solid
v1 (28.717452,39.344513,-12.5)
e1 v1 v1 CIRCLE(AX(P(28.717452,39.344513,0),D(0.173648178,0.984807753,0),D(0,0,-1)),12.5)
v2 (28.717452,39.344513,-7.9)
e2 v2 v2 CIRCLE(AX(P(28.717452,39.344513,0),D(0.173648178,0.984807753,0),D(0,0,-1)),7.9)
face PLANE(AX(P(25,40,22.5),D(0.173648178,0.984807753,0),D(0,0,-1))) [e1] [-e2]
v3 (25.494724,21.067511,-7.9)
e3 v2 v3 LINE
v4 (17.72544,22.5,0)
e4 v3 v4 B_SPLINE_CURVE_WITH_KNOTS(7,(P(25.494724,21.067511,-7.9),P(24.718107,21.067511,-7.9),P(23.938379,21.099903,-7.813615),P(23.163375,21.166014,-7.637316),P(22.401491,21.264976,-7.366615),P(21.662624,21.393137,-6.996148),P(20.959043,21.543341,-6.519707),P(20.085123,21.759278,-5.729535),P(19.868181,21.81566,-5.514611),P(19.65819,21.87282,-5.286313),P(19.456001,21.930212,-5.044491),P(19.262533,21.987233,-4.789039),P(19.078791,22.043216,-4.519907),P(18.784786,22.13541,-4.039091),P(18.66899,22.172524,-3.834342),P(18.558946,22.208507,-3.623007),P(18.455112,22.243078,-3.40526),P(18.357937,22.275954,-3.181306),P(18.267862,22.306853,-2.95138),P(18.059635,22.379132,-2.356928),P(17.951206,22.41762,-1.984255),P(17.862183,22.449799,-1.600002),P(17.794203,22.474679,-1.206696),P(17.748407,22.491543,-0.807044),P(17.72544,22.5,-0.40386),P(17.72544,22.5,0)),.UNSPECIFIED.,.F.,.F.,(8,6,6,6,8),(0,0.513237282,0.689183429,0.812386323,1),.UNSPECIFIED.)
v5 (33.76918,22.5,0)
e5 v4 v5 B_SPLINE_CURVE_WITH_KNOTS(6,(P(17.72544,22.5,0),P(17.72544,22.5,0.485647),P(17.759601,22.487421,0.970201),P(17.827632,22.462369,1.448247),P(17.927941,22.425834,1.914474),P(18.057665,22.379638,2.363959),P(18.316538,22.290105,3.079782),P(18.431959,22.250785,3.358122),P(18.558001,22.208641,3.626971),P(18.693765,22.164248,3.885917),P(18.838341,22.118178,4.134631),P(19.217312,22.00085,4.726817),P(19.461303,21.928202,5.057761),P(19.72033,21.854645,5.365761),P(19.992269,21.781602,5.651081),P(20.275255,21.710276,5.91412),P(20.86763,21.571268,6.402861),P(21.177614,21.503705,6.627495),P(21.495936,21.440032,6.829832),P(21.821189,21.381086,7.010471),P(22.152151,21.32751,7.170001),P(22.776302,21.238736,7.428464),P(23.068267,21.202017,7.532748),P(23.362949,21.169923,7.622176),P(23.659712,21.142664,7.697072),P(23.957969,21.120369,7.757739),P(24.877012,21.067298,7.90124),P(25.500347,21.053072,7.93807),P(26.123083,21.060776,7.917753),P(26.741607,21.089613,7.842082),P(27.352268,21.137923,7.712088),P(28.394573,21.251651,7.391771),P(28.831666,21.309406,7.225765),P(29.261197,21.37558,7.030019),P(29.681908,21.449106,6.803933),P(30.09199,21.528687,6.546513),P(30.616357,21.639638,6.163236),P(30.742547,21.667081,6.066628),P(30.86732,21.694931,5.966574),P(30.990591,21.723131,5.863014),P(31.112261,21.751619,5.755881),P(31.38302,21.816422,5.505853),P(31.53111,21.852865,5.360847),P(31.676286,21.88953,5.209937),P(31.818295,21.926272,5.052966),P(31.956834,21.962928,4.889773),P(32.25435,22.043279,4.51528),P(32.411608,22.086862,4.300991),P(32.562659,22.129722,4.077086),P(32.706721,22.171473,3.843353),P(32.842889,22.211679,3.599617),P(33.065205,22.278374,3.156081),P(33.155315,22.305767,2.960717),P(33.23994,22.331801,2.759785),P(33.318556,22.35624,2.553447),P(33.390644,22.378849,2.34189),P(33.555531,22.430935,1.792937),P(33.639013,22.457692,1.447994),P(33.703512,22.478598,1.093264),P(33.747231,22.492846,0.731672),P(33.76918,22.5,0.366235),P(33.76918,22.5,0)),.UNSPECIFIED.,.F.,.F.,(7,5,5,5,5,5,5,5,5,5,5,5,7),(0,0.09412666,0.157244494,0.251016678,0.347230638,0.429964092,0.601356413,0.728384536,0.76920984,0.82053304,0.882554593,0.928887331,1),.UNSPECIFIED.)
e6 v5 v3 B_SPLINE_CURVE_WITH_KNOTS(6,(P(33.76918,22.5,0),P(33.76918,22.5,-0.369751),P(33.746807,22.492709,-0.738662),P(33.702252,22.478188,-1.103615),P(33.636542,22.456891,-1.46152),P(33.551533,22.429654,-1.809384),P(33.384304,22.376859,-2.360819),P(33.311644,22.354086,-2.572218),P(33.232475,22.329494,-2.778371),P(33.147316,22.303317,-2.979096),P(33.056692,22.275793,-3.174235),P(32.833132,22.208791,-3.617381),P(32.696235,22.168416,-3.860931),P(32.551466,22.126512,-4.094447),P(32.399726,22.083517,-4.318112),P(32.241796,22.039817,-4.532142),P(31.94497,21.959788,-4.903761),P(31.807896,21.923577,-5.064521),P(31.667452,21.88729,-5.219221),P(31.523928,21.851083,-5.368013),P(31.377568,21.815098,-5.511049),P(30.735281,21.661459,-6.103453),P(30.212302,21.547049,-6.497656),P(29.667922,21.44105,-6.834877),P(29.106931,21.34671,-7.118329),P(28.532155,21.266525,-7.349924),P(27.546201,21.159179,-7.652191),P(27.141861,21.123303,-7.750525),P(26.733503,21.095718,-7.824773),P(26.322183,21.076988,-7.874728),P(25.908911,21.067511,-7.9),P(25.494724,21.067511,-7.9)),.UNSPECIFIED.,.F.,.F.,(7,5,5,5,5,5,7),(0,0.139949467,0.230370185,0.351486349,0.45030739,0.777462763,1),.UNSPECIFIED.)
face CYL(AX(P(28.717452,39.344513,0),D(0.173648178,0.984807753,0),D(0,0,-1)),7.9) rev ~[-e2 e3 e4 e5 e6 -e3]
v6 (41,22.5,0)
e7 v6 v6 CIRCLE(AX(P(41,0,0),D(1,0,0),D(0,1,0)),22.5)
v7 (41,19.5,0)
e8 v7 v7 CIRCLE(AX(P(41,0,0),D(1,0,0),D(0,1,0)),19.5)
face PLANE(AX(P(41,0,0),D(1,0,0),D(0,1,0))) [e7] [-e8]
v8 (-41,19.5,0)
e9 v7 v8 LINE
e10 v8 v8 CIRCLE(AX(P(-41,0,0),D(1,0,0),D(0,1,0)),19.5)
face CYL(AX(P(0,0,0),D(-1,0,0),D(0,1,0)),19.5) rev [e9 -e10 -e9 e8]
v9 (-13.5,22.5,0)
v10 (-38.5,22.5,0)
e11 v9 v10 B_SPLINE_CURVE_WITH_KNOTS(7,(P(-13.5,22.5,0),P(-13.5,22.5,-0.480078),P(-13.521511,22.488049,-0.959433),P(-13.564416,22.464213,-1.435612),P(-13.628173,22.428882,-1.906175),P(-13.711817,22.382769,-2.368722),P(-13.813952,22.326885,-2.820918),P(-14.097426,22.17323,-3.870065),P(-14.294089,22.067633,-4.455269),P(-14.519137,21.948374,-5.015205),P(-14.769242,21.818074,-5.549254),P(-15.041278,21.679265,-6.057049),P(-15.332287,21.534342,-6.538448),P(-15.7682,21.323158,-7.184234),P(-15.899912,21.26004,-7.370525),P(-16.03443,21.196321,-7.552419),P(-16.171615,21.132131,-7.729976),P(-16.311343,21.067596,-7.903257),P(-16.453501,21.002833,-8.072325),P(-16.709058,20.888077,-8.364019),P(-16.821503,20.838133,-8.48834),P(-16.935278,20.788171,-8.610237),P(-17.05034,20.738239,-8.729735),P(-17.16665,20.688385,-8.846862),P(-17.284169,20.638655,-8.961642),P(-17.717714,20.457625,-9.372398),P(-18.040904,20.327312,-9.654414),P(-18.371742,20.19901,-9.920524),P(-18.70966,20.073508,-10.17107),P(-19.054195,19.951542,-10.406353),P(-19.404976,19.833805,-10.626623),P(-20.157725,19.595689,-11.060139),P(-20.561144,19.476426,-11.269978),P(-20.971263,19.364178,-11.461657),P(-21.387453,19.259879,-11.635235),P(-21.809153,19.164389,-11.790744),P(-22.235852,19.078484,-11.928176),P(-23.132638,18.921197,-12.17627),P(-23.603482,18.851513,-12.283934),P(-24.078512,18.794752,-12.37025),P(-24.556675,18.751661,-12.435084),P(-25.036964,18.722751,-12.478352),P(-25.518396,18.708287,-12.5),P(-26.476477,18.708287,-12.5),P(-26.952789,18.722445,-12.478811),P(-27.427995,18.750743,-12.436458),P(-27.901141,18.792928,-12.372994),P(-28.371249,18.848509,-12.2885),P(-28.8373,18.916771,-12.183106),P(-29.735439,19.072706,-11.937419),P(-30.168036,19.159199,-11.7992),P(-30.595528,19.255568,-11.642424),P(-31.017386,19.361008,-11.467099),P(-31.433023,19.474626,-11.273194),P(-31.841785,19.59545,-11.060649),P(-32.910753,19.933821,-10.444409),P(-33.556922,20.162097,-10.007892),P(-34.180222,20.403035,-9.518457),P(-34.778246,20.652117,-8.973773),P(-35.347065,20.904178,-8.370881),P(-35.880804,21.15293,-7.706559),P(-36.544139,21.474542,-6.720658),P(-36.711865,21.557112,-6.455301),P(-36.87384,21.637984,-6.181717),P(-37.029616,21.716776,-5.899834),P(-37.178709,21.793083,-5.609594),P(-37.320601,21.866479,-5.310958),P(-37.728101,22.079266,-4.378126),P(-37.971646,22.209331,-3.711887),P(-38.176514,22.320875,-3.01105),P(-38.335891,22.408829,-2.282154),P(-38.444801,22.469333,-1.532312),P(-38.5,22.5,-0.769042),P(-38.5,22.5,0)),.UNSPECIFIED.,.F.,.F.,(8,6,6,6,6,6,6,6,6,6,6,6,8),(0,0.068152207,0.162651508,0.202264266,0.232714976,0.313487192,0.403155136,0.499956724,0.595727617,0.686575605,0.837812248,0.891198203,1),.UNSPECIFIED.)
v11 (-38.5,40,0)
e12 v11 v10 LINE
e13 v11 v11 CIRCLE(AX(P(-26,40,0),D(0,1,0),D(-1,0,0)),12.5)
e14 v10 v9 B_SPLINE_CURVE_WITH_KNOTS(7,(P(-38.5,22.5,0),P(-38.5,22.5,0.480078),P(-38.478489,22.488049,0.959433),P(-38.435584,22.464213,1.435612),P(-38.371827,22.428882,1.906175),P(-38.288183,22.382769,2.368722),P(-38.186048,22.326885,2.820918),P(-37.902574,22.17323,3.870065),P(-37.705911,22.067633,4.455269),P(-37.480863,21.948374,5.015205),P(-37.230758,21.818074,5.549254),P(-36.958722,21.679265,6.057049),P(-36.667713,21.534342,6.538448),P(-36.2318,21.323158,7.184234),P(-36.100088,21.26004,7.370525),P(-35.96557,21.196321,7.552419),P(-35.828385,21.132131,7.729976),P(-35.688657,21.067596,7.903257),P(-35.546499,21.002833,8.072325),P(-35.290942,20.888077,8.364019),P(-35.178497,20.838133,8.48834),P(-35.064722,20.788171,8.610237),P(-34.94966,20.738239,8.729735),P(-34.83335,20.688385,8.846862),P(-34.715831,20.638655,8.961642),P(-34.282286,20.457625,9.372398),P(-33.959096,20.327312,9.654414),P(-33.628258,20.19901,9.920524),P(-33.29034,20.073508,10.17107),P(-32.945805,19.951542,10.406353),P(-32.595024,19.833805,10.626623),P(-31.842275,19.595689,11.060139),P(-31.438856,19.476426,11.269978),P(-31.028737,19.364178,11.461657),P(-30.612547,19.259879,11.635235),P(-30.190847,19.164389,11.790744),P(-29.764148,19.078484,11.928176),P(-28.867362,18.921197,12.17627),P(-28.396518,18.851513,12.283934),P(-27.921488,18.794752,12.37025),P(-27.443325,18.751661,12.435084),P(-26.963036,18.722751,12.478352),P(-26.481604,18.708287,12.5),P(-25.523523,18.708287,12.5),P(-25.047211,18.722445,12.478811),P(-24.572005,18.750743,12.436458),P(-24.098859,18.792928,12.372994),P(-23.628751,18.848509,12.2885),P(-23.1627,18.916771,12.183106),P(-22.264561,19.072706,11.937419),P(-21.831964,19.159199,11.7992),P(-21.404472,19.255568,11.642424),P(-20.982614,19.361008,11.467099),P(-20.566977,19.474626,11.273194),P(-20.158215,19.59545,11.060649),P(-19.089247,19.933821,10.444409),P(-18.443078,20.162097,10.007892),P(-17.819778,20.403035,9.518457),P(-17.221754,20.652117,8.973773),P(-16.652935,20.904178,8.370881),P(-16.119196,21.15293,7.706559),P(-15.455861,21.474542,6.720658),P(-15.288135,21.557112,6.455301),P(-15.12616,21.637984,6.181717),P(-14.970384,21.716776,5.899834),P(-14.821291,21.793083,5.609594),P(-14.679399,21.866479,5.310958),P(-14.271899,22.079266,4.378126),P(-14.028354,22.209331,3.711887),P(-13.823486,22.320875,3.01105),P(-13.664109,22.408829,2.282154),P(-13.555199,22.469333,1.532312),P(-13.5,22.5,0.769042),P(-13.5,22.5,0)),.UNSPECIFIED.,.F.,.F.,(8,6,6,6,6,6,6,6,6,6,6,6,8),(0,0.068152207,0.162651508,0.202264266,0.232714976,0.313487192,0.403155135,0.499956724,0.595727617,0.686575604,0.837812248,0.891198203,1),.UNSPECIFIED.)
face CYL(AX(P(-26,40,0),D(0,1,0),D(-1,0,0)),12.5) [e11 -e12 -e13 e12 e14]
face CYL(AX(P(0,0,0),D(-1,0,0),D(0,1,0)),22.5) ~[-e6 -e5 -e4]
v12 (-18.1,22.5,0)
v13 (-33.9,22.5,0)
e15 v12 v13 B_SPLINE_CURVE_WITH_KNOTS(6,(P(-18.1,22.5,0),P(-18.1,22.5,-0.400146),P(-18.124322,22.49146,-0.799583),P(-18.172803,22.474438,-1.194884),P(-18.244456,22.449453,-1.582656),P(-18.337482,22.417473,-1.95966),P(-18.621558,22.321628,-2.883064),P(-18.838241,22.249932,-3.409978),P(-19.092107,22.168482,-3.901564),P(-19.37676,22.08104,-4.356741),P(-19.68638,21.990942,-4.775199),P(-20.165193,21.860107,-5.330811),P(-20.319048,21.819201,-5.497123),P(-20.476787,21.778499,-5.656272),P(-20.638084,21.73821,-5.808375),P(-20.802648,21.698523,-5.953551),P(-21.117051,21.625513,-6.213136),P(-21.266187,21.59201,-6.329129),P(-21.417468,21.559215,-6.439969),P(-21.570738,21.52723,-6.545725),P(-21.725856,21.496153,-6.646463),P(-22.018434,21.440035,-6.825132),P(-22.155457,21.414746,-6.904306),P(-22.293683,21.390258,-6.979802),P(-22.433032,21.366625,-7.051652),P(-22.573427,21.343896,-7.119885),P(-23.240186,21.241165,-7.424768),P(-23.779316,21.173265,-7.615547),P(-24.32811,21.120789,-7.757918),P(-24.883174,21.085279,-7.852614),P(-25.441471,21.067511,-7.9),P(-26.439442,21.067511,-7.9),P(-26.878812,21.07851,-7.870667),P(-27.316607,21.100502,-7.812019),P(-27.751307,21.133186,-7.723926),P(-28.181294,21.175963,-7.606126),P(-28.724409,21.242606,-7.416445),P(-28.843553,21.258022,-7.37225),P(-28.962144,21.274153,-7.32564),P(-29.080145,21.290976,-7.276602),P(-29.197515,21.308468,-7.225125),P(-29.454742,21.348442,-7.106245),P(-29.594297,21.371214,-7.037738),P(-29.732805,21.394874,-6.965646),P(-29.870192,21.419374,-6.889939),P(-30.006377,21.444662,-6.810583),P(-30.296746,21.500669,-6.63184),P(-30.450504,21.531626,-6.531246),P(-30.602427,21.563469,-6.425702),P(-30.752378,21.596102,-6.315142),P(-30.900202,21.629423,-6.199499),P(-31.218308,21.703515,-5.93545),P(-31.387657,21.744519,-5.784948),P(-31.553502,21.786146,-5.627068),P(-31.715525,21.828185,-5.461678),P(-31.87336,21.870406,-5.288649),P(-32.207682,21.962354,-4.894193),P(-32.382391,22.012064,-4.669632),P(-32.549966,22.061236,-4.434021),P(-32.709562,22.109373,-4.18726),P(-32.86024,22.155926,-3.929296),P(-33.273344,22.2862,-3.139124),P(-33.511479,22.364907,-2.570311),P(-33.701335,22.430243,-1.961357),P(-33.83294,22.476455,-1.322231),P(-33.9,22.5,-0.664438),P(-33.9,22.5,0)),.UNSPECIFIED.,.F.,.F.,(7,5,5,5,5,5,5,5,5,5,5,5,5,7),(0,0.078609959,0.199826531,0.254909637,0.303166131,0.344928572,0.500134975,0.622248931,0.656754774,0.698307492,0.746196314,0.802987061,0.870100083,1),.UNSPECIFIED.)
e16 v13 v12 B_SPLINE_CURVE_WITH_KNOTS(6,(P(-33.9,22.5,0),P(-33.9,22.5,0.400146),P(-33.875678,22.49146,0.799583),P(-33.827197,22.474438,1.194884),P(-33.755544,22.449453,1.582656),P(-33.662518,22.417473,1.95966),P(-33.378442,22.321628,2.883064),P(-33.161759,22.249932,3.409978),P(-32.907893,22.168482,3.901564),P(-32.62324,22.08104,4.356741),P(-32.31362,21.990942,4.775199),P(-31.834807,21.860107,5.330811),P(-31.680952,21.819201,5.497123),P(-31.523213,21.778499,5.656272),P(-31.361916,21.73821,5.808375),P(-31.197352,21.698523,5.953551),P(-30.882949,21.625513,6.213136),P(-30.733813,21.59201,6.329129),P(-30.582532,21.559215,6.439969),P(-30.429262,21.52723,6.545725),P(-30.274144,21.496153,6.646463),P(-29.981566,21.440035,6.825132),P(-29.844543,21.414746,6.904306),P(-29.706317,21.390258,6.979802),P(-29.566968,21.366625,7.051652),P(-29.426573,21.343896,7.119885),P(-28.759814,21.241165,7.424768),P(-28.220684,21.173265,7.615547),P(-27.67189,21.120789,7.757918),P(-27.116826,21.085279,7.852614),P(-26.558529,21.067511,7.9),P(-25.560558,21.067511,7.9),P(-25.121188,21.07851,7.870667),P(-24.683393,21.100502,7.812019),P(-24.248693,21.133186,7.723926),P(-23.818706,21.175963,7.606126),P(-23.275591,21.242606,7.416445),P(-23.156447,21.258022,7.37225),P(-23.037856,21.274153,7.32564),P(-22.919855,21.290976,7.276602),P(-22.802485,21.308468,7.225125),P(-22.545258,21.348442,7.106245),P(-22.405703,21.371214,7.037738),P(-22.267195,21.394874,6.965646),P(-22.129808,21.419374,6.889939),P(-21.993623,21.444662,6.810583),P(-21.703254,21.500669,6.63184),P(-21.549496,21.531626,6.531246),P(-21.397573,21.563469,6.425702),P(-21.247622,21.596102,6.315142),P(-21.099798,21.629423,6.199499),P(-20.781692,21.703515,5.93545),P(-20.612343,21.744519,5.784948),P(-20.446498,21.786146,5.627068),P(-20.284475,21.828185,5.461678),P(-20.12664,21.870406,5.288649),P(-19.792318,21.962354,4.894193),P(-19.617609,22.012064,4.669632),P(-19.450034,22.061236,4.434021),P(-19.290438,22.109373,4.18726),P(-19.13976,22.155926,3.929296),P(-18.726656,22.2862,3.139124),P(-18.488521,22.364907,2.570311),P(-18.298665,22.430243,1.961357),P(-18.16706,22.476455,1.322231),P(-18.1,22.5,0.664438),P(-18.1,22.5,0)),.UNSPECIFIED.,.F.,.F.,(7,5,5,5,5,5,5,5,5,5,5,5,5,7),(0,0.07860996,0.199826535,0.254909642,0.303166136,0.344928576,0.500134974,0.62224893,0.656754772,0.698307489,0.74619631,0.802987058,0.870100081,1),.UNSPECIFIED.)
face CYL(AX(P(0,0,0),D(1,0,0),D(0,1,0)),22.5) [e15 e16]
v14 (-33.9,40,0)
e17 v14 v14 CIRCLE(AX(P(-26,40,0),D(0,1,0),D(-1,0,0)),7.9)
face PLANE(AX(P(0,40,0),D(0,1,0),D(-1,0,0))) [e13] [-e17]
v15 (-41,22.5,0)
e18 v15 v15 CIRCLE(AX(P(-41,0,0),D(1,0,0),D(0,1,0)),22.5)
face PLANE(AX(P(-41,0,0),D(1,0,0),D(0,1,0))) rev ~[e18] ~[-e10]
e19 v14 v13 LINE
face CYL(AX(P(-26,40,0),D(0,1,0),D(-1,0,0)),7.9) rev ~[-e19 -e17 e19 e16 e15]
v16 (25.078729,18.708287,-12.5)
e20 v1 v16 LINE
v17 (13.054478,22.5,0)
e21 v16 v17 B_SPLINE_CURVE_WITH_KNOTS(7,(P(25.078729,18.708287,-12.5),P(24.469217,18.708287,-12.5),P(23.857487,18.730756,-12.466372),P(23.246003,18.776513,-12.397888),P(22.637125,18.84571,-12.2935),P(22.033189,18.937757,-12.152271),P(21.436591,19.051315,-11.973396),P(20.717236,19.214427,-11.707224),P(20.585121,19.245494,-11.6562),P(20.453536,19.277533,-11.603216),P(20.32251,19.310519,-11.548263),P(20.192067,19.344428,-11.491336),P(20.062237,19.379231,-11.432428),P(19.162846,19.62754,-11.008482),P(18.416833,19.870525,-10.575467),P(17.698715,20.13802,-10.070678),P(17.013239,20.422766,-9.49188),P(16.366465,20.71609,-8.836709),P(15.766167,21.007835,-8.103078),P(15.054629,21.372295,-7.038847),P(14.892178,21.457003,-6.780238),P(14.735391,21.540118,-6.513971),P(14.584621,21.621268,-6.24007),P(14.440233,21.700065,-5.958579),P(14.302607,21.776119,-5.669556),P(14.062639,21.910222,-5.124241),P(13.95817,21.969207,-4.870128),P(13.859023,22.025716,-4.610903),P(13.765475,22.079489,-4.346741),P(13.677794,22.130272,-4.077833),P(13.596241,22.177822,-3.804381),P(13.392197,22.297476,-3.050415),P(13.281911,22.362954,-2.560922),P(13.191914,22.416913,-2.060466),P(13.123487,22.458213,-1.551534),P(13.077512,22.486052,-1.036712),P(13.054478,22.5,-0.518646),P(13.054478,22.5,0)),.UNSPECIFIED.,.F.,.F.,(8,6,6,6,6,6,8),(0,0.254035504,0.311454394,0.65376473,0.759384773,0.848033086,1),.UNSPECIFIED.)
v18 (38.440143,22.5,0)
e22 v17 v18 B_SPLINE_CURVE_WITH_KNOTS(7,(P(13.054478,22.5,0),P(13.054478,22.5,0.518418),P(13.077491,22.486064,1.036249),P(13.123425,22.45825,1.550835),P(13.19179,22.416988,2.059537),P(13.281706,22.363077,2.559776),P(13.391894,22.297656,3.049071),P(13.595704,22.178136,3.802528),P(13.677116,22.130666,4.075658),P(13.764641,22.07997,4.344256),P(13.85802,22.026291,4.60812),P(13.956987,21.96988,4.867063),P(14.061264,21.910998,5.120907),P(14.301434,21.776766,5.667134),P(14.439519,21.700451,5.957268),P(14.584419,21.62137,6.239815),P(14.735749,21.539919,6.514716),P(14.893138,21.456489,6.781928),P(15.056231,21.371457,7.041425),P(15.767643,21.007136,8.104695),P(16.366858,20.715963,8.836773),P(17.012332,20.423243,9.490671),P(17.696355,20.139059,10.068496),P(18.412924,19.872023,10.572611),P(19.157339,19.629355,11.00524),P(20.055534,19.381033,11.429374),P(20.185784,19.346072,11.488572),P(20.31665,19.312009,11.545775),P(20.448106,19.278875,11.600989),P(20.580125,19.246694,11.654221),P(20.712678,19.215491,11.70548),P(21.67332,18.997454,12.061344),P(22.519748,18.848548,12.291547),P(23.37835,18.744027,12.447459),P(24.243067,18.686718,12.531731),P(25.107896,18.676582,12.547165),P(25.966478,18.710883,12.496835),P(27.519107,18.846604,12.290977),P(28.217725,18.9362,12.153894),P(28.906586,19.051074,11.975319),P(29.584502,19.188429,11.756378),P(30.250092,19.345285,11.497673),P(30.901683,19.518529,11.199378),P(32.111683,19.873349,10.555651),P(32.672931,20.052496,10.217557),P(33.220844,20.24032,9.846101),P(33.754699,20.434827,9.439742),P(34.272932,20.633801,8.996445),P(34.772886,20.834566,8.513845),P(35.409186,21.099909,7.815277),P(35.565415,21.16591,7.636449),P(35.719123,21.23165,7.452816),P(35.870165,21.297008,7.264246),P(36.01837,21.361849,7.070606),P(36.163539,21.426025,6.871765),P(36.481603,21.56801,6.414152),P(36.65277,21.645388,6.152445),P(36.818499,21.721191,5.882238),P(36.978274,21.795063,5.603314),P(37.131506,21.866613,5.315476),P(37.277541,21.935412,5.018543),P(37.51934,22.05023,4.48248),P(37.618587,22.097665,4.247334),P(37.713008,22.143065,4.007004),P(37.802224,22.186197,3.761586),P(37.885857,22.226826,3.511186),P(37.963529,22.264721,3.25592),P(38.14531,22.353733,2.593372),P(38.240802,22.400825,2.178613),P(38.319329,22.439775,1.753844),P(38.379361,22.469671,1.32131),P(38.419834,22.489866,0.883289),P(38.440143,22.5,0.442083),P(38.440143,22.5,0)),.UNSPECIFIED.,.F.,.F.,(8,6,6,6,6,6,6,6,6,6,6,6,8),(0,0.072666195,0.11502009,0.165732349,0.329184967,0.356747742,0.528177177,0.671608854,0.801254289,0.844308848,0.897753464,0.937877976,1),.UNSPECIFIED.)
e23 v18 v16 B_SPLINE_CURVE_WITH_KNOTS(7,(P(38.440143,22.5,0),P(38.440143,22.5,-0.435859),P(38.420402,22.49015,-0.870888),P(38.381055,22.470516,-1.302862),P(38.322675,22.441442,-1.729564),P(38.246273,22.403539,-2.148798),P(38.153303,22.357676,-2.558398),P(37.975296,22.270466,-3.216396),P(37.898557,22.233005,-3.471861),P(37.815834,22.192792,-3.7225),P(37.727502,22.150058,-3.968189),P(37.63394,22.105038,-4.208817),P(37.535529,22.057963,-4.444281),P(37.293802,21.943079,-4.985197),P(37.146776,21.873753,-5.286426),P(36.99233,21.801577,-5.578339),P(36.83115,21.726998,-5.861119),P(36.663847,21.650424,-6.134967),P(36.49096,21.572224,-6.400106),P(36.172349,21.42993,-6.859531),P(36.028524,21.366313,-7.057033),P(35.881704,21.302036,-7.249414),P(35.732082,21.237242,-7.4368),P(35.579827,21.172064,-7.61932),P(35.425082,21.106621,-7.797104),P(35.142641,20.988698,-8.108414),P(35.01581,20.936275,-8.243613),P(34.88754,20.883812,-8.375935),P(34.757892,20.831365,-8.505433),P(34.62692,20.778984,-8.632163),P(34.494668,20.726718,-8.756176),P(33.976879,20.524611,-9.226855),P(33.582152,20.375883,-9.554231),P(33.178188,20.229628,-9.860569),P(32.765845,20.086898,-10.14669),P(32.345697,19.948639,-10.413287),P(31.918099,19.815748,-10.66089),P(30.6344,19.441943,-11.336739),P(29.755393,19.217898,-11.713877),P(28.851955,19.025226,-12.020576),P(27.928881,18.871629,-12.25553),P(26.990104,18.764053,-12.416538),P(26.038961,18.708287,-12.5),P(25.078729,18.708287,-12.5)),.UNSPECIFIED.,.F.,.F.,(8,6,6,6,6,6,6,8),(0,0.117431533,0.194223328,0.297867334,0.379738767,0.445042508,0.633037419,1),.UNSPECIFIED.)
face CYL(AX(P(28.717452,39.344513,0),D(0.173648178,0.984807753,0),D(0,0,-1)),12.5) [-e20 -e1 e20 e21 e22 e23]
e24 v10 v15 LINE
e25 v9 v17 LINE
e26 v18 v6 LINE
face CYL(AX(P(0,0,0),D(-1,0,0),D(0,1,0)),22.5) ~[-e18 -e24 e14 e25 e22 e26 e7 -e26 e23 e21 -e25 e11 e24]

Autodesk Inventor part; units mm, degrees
ref_plane "YZ Plane" through (0, 0, 0) normal (1, 0, 0) x (0, 1, 0)
sketch "Sketch1" plane through (0, 0, 0) normal (1, 0, 0) x (0, 1, 0)
  circle A0 centre (0, 0) radius 19.5
  circle A1 centre (0, 0) radius 22.5
  dimension "d0" = 39
  dimension "d1" = 45
extrude "Extrusion1" add sketch "Sketch1" along normal mid plane 82
ref_plane "Work Plane1" through (0, 40, 0) normal (0, 1, 0) x (-1, 0, 0)
sketch "Sketch2" plane through (0, 40, 0) normal (0, 1, 0) x (-1, 0, 0)
  circle A0 centre (26, 0) radius 12.5
  circle A1 centre (26, 0) radius 7.9
  line L0 (41, -22.5) -> (41, 22.5) projected
  point P0 (0, 0)
  dimension "d6" = 25
  dimension "d7" = 15.8
  dimension "d19" = 15
extrude "Extrusion2" add sketch "Sketch2" against normal up to surface
sketch "Sketch3" plane through (0, 40, 0) normal (0, 1, 0) x (-1, 0, 0)
  line L0 (41, 22.5) -> (-41, 22.5) projected
  line L1 (-25, 22.5) -> (-25, -21.8926)
  line L2 (41, 22.5) -> (-41, 22.5) projected
  point P0 (0, 0)
  dimension "d16" = 25
ref_plane "Work Plane3" through (25, 40, 22.5) normal (0.1736, 0.9848, 0) x (0, 0, -1)
sketch "Sketch4" plane through (25, 40, 22.5) normal (0.1736, 0.9848, 0) x (0, 0, -1)
  ellipse E0 centre (22.5, 50.2252) end of major axis (14.6, 50.2252) minor radius 7.78 projected
  circle A0 centre (22.5, -3.7748) radius 7.9
  circle A1 centre (22.5, -3.7748) radius 12.5
  ellipse E1 centre (22.5, 50.2252) end of major axis (10, 50.2252) minor radius 12.3101 projected
  point P0 (22.5, 17.6743)
  dimension "d11" = 54
  dimension "d12" = 15.8
  dimension "d13" = 25
extrude "Extrusion3" add sketch "Sketch4" against normal up to surface contours A1
properties part number "JuntaRodilla" material "PLA"
